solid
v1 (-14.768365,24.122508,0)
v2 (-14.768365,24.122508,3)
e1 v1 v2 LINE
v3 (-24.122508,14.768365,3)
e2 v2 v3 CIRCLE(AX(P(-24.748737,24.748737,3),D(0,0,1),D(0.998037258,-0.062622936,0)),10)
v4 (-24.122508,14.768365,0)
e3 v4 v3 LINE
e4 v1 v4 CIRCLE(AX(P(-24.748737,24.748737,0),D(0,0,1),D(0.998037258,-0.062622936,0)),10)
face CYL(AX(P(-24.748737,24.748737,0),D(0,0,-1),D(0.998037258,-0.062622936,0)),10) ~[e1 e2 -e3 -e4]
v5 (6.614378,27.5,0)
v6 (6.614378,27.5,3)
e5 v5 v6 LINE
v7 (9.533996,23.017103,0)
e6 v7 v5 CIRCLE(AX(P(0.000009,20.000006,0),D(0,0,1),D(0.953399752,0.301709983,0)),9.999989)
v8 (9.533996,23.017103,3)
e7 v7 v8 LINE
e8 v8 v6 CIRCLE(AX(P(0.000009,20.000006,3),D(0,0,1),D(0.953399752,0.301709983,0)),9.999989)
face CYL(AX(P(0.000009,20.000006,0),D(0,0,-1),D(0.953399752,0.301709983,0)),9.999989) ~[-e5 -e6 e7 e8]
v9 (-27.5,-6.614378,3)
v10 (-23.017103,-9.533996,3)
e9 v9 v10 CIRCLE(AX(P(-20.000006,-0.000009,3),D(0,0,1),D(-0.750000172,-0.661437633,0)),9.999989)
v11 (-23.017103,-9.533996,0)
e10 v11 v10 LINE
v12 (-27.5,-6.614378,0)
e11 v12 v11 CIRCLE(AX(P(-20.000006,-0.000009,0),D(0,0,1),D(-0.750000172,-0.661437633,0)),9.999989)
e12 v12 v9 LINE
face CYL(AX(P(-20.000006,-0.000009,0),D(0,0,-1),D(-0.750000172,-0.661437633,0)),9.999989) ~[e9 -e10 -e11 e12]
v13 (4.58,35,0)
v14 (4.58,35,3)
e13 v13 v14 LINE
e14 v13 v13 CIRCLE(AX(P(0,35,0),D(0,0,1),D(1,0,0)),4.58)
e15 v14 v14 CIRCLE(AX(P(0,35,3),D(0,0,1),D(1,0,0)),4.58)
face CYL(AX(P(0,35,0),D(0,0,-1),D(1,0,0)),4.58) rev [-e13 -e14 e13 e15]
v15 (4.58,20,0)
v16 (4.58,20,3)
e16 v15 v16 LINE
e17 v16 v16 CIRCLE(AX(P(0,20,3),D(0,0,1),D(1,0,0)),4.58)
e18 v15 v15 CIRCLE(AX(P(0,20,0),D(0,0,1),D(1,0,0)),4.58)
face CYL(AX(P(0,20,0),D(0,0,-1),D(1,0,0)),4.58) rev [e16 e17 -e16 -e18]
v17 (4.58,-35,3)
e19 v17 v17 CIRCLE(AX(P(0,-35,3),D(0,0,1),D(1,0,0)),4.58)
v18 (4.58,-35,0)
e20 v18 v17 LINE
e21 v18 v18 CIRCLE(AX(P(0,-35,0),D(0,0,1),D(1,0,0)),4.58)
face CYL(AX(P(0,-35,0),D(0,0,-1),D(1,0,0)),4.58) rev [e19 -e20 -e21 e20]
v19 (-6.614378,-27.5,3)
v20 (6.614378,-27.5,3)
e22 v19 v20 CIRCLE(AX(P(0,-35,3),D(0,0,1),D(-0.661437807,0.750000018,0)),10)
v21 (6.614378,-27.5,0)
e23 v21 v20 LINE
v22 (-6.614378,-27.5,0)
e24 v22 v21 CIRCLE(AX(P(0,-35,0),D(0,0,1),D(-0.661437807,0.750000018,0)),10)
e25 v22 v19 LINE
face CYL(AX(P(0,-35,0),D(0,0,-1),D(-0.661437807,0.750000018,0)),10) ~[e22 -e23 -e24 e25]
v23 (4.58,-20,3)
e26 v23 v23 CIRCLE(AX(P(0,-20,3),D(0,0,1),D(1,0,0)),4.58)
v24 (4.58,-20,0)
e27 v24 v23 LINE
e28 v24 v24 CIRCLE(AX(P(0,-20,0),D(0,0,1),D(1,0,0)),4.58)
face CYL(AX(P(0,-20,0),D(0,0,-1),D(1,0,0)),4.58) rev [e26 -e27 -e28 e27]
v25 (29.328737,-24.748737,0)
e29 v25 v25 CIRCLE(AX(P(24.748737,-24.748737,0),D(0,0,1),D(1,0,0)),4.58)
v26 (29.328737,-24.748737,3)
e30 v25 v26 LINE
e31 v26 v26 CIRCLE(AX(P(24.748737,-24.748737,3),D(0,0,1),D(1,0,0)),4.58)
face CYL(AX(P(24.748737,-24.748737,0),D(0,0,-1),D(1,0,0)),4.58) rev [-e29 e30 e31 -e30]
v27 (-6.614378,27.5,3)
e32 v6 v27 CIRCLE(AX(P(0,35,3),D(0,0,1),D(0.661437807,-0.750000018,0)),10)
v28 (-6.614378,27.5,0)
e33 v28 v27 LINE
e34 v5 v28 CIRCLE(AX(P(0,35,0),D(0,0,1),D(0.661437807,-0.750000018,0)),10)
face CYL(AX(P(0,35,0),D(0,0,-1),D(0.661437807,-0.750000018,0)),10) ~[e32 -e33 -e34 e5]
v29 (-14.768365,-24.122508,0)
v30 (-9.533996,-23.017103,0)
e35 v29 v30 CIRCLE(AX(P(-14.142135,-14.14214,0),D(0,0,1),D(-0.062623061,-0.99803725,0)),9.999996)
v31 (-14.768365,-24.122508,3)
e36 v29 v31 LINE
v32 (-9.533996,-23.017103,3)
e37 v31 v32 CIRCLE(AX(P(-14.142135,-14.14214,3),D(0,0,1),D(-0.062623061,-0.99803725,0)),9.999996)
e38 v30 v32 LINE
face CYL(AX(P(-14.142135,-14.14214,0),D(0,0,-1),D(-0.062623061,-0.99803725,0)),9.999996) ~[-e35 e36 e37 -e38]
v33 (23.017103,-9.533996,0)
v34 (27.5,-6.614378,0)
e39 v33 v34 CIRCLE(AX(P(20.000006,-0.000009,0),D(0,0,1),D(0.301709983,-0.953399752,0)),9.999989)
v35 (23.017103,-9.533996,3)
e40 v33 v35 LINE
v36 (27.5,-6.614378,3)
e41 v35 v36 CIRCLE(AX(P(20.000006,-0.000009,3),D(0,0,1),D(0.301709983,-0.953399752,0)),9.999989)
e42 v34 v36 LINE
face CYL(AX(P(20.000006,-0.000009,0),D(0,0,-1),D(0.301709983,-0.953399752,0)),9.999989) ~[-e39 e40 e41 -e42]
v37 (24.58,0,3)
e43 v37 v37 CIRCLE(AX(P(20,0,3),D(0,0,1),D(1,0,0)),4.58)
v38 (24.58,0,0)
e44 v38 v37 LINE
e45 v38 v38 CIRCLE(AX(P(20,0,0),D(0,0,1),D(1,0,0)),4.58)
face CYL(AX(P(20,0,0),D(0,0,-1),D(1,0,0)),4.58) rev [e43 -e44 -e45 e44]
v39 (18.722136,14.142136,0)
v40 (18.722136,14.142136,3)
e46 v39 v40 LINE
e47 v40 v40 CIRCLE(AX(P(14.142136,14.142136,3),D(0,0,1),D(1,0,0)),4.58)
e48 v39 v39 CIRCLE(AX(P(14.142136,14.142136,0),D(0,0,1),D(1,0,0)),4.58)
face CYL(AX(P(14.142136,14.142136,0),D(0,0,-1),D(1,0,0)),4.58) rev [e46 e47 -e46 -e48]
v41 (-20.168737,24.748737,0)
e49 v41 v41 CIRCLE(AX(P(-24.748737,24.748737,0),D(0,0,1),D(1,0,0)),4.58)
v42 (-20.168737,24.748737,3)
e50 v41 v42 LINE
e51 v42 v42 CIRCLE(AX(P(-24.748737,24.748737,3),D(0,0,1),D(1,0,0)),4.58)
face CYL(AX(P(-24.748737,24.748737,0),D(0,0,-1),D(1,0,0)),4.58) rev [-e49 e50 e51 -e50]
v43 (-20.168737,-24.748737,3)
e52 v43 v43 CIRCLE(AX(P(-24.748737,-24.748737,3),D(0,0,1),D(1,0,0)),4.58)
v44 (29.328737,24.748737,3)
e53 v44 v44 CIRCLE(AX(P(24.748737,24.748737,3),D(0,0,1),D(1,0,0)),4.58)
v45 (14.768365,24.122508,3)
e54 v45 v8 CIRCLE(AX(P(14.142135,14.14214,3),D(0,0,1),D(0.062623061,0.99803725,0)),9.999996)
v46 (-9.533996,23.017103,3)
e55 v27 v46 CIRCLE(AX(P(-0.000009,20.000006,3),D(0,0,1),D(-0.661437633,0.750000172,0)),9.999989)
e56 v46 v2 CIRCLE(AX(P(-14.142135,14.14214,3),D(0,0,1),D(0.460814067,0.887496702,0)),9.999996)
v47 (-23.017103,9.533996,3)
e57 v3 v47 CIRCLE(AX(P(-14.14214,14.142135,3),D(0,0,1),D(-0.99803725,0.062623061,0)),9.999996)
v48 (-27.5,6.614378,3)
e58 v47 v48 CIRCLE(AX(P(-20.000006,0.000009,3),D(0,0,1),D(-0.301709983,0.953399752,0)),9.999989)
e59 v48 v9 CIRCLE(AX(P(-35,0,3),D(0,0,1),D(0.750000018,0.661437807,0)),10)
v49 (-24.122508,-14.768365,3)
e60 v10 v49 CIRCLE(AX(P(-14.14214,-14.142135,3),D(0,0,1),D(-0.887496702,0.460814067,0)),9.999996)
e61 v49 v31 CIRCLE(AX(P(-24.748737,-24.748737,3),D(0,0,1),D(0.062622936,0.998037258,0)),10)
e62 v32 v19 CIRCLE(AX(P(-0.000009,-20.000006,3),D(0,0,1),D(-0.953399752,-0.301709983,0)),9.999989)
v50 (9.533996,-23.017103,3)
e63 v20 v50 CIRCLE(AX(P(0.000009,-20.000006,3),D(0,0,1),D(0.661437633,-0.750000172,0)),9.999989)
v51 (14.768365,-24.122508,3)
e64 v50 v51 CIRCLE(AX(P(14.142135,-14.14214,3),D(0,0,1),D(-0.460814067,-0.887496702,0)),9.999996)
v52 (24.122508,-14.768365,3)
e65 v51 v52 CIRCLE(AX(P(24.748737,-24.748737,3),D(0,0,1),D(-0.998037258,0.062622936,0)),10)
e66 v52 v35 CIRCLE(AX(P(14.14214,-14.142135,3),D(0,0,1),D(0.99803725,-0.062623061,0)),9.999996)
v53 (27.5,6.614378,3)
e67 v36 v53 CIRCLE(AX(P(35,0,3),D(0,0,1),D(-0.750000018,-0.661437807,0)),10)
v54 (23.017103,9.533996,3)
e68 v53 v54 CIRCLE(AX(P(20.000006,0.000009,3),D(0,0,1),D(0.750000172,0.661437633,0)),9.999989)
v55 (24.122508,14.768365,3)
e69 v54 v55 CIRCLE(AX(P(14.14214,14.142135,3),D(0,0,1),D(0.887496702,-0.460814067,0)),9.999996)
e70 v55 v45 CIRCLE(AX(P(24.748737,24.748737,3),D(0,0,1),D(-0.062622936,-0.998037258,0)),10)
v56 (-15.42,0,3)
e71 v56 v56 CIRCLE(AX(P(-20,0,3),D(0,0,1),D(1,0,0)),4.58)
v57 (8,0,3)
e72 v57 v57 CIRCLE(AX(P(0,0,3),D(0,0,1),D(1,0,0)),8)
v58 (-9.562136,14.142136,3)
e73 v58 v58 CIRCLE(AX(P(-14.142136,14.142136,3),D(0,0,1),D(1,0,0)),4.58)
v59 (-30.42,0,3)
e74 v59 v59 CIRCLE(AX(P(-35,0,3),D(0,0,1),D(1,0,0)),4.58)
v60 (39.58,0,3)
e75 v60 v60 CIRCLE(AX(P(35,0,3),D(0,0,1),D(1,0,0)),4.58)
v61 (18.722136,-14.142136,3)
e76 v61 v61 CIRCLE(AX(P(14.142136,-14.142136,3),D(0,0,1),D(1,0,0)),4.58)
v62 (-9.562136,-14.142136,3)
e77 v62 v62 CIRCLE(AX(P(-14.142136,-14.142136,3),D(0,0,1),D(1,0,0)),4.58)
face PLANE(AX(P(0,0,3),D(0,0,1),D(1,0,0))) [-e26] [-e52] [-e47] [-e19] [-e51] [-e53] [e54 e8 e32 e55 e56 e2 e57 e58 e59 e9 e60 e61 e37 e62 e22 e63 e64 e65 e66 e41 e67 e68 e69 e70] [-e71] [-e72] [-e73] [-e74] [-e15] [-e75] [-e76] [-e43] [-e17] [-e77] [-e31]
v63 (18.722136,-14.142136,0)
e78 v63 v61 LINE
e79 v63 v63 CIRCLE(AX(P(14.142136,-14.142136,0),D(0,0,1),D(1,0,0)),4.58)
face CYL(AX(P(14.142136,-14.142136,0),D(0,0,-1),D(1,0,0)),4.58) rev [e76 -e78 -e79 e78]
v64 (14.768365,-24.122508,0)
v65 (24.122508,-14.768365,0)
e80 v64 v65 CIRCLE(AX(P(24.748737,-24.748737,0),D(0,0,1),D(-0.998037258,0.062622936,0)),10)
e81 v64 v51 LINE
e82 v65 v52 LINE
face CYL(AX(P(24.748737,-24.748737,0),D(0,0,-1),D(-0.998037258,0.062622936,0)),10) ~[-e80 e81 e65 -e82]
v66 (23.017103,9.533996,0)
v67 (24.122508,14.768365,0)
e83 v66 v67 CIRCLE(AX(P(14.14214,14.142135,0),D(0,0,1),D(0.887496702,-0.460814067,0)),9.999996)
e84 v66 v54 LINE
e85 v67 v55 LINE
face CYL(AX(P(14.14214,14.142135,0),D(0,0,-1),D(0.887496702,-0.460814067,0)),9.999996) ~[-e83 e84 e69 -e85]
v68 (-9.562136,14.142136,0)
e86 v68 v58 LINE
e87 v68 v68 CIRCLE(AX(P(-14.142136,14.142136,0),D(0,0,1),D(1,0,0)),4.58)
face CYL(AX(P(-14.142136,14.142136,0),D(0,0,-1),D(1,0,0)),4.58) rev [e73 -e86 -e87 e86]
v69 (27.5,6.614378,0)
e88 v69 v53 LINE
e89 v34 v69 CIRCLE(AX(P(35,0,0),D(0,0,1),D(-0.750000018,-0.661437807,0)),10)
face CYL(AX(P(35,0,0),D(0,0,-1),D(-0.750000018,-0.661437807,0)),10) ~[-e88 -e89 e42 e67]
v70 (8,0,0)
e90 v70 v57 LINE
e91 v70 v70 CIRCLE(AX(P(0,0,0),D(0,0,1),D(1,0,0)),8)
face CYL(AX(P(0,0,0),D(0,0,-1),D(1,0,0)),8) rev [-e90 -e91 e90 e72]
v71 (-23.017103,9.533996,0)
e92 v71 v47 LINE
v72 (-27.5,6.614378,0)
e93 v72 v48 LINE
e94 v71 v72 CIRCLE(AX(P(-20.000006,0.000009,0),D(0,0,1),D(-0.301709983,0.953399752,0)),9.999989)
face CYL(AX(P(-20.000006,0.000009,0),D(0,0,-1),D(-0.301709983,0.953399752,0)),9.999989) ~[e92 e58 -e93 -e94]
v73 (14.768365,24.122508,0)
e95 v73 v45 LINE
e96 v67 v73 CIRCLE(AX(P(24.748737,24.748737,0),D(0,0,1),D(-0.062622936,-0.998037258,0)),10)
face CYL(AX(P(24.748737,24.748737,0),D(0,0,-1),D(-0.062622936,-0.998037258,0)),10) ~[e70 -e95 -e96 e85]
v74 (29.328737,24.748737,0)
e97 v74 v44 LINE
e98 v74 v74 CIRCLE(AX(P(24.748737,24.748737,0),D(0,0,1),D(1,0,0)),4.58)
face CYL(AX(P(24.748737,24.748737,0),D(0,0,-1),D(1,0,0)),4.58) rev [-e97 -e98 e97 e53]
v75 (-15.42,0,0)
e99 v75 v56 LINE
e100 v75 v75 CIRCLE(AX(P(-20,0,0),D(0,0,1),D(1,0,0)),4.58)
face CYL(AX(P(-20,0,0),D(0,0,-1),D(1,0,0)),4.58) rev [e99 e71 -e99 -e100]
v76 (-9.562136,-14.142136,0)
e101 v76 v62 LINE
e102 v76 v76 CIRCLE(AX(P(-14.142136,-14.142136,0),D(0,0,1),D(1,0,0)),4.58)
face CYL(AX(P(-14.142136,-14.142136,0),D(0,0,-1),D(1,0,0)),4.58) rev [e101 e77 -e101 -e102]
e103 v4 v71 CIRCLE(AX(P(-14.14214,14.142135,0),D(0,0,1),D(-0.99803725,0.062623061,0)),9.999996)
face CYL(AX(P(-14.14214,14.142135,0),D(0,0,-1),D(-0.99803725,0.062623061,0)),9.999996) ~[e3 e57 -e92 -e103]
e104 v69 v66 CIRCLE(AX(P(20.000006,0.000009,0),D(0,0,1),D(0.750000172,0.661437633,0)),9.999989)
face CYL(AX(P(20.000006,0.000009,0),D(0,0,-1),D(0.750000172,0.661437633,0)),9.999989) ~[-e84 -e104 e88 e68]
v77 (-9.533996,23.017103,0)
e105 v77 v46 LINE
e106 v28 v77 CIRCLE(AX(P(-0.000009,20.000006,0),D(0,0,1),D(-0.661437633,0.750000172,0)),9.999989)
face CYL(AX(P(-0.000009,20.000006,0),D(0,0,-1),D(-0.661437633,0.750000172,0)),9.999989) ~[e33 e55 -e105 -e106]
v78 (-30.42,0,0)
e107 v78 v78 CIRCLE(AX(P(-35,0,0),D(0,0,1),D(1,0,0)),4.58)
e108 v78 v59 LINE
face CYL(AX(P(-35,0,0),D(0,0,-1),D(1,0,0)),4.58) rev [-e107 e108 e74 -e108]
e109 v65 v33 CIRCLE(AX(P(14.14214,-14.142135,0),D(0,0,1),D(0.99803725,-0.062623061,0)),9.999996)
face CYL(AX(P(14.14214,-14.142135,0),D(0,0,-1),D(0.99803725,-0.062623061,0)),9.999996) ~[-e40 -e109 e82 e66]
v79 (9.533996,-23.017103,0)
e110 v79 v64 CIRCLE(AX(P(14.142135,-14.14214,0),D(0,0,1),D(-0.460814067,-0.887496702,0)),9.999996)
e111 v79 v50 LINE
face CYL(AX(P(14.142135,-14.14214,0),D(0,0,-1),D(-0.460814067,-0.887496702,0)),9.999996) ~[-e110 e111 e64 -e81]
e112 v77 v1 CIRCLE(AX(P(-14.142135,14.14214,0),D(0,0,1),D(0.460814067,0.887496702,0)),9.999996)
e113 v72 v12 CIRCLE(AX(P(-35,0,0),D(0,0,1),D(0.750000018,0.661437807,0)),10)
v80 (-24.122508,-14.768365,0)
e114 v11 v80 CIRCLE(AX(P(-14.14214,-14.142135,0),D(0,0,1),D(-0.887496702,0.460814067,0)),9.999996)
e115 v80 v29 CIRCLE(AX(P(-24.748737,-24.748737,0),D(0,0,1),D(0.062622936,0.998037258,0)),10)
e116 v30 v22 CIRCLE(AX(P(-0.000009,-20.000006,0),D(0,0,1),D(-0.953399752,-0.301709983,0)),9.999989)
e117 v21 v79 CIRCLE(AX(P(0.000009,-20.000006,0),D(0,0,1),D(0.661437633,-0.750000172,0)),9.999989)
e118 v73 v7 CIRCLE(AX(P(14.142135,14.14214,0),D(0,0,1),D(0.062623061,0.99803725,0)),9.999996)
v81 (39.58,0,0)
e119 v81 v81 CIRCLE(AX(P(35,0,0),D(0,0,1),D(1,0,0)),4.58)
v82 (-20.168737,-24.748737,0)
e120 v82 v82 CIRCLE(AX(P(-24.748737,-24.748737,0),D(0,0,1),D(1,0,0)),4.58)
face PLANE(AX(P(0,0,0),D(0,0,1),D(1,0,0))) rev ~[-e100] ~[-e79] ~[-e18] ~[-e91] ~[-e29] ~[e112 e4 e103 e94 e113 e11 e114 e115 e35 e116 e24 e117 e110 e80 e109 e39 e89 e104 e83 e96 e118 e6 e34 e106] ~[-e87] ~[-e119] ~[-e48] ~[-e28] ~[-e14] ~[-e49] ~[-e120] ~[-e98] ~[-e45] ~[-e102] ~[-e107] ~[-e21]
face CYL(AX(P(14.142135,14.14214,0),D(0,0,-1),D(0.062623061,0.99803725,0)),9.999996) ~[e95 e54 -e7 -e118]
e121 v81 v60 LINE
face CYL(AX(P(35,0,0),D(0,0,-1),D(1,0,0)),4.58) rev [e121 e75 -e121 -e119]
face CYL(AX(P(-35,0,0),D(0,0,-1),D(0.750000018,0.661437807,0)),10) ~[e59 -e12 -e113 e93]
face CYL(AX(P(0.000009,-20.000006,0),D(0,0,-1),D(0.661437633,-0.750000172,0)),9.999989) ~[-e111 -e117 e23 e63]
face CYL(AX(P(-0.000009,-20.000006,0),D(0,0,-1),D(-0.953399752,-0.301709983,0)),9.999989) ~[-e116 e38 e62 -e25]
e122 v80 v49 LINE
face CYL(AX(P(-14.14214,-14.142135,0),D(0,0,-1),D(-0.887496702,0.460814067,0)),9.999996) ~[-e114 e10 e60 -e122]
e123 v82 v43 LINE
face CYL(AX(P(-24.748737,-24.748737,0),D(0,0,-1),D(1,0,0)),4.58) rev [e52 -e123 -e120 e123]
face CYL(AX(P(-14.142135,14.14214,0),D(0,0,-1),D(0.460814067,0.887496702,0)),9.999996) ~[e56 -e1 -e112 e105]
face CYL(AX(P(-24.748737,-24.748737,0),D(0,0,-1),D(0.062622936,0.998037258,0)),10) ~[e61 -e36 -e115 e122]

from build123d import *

# Parameters (mm, degrees)
F0_R     = 4.58
F0_R_2   = 8
F1_DEPTH = 3


with BuildPart() as f1:
    # F0 (on Top) → F1 (new body)
    with BuildSketch(Plane.XY):
        with BuildLine():
            ThreePointArc((6.614378, 27.5), (0, 45), (-6.614378, 27.5))
            ThreePointArc((-6.614378, 27.5), (-8.379534, 25.457418), (-9.533996, 23.017103))
            ThreePointArc((-9.533996, 23.017103), (-12.075887, 23.926338), (-14.768365, 24.122508))
            ThreePointArc((-14.768365, 24.122508), (-31.819805, 31.819805), (-24.122508, 14.768365))
            ThreePointArc((-24.122508, 14.768365), (-23.926338, 12.075887), (-23.017103, 9.533996))
            ThreePointArc((-23.017103, 9.533996), (-25.457418, 8.379534), (-27.5, 6.614378))
            ThreePointArc((-27.5, 6.614378), (-45, 0), (-27.5, -6.614378))
            ThreePointArc((-27.5, -6.614378), (-25.457418, -8.379534), (-23.017103, -9.533996))
            ThreePointArc((-23.017103, -9.533996), (-23.926338, -12.075887), (-24.122508, -14.768365))
            ThreePointArc((-24.122508, -14.768365), (-31.819805, -31.819805), (-14.768365, -24.122508))
            ThreePointArc((-14.768365, -24.122508), (-12.075887, -23.926338), (-9.533996, -23.017103))
            ThreePointArc((-9.533996, -23.017103), (-8.379534, -25.457418), (-6.614378, -27.5))
            ThreePointArc((-6.614378, -27.5), (0, -45), (6.614378, -27.5))
            ThreePointArc((6.614378, -27.5), (8.379534, -25.457418), (9.533996, -23.017103))
            ThreePointArc((9.533996, -23.017103), (12.075887, -23.926338), (14.768365, -24.122508))
            ThreePointArc((14.768365, -24.122508), (31.819805, -31.819805), (24.122508, -14.768365))
            ThreePointArc((24.122508, -14.768365), (23.926338, -12.075887), (23.017103, -9.533996))
            ThreePointArc((23.017103, -9.533996), (25.457418, -8.379534), (27.5, -6.614378))
            ThreePointArc((27.5, -6.614378), (45, 0), (27.5, 6.614378))
            ThreePointArc((27.5, 6.614378), (25.457418, 8.379534), (23.017103, 9.533996))
            ThreePointArc((23.017103, 9.533996), (23.926338, 12.075887), (24.122508, 14.768365))
            ThreePointArc((24.122508, 14.768365), (31.819805, 31.819805), (14.768365, 24.122508))
            ThreePointArc((14.768365, 24.122508), (12.075887, 23.926338), (9.533996, 23.017103))
            ThreePointArc((9.533996, 23.017103), (8.379534, 25.457418), (6.614378, 27.5))
        make_face()
        with Locations((-24.748737, -24.748737)):
            Circle(F0_R, mode=Mode.SUBTRACT)
        with Locations((-14.142136, -14.142136)):
            Circle(F0_R, mode=Mode.SUBTRACT)
        with Locations((0, -35)):
            Circle(F0_R, mode=Mode.SUBTRACT)
        with Locations((24.748737, -24.748737)):
            Circle(F0_R, mode=Mode.SUBTRACT)
        with Locations((0, -20)):
            Circle(F0_R, mode=Mode.SUBTRACT)
        with Locations((14.142136, -14.142136)):
            Circle(F0_R, mode=Mode.SUBTRACT)
        with Locations((-35, 0)):
            Circle(F0_R, mode=Mode.SUBTRACT)
        with Locations((-20, 0)):
            Circle(F0_R, mode=Mode.SUBTRACT)
        with Locations((-14.142136, 14.142136)):
            Circle(F0_R, mode=Mode.SUBTRACT)
        with Locations((-24.748737, 24.748737)):
            Circle(F0_R, mode=Mode.SUBTRACT)
        Circle(F0_R_2, mode=Mode.SUBTRACT)
        with Locations((20, 0)):
            Circle(F0_R, mode=Mode.SUBTRACT)
        with Locations((0, 20)):
            Circle(F0_R, mode=Mode.SUBTRACT)
        with Locations((14.142136, 14.142136)):
            Circle(F0_R, mode=Mode.SUBTRACT)
        with Locations((35, 0)):
            Circle(F0_R, mode=Mode.SUBTRACT)
        with Locations((0, 35)):
            Circle(F0_R, mode=Mode.SUBTRACT)
        with Locations((24.748737, 24.748737)):
            Circle(F0_R, mode=Mode.SUBTRACT)
    extrude(amount=F1_DEPTH)


solid = f1.part
